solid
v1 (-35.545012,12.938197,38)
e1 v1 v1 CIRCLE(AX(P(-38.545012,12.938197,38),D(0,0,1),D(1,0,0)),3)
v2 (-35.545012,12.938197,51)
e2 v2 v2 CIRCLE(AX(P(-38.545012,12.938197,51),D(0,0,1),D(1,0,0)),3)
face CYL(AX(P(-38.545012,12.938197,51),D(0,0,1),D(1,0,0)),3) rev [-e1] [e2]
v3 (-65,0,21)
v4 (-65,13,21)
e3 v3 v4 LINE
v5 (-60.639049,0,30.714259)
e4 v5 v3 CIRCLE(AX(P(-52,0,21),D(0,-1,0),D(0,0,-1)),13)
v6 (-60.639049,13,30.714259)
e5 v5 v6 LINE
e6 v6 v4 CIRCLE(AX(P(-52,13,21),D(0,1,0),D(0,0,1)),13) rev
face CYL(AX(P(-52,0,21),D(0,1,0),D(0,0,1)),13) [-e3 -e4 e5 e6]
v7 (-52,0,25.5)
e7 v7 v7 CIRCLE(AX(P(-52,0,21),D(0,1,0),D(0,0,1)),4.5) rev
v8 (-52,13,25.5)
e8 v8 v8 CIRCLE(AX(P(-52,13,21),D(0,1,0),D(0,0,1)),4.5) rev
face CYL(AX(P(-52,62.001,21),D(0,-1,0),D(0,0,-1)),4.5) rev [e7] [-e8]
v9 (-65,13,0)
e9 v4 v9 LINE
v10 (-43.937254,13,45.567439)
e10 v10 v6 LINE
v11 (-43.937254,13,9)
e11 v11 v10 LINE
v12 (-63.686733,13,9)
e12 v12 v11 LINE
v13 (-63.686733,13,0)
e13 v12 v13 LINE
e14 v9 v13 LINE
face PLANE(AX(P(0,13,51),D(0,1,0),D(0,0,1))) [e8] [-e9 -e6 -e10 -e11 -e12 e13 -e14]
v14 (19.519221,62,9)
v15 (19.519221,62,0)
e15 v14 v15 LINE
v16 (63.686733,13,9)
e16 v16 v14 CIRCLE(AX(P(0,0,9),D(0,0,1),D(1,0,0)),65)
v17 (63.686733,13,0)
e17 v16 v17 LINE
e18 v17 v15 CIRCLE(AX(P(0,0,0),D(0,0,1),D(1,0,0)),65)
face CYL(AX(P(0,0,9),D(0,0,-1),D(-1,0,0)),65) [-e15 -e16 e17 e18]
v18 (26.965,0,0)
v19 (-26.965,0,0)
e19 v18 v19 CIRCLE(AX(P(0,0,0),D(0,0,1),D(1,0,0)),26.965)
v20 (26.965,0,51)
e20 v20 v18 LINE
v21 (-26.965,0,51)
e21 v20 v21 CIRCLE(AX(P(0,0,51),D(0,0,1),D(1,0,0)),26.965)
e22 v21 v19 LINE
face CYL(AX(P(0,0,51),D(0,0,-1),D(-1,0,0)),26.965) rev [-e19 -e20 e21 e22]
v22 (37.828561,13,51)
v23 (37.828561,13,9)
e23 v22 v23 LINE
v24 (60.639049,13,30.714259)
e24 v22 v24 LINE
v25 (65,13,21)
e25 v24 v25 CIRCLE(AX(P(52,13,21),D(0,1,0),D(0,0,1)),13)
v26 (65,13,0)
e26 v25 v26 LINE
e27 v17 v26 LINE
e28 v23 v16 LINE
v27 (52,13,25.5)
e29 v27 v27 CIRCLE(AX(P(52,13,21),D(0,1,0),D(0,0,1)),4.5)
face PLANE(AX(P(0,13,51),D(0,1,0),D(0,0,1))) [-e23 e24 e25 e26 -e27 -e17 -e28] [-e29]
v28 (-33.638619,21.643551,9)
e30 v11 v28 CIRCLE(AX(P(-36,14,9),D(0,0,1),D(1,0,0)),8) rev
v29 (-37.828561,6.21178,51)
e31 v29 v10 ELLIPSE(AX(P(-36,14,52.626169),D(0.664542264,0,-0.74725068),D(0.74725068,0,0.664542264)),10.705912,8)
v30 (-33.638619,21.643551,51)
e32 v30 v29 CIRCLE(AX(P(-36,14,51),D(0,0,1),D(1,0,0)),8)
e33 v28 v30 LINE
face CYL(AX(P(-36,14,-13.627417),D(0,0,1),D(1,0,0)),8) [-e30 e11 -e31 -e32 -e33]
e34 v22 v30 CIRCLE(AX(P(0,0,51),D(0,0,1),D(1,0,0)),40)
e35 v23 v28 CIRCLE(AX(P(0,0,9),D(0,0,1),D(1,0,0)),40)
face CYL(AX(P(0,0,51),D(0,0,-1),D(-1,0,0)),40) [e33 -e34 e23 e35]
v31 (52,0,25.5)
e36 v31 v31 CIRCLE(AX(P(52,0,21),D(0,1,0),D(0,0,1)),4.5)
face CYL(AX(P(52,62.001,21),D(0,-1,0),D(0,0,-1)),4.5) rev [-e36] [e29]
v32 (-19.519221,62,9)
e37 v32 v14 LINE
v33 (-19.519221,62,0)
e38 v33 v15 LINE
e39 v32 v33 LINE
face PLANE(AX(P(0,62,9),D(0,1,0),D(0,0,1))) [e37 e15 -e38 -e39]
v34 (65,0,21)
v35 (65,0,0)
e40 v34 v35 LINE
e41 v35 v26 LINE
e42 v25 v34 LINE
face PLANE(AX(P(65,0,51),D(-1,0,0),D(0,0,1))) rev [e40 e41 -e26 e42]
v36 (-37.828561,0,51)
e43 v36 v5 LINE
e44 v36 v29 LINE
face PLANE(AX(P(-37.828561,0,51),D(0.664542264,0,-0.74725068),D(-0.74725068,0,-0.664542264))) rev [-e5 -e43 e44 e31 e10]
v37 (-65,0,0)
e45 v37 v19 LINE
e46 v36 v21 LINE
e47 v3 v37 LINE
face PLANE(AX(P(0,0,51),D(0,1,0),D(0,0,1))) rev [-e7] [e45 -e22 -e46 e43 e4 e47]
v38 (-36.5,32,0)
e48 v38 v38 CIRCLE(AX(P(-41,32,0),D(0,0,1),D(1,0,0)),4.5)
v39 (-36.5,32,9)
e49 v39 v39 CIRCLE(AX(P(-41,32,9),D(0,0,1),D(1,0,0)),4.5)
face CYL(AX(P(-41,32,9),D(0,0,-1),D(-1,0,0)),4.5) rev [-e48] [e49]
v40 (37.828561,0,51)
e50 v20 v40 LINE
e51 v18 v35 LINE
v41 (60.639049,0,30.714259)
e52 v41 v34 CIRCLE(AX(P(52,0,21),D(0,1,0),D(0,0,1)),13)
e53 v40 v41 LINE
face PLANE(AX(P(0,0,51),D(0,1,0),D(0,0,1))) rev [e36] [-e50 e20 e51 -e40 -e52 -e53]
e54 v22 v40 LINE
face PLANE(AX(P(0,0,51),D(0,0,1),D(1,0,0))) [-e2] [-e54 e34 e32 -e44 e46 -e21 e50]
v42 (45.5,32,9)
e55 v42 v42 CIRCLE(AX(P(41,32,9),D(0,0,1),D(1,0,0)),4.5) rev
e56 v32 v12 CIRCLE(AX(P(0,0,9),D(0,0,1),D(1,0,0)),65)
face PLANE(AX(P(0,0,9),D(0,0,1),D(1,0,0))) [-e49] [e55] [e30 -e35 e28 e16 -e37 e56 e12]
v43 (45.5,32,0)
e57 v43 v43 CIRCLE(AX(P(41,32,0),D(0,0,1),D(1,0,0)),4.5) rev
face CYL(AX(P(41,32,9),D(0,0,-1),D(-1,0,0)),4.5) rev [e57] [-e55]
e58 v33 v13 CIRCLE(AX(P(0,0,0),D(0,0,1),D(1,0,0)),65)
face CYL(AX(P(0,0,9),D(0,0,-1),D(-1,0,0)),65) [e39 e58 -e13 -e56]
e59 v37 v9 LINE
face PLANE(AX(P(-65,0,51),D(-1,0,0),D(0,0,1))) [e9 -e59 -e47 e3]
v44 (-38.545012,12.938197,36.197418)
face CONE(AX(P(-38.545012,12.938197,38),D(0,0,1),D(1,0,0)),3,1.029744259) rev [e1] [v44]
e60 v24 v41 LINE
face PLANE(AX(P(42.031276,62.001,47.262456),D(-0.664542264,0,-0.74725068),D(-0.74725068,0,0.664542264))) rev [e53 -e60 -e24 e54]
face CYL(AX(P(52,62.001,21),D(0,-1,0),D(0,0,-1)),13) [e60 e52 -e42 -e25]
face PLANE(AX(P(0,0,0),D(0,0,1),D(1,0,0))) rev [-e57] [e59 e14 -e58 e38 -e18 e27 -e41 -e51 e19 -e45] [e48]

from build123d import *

# Parameters (mm, degrees)
BOSS_EXTRUDE1_DEPTH       = 51
BOSS_EXTRUDE3_DEPTH       = 51
SKETCH2_5_R               = 4.5
BOSS_EXTRUDE4_DEPTH       = 9
CUT_EXTRUDE2_REACH        = 105.296
SKETCH3_R                 = 4.5
CUT_EXTRUDE3_REACH        = 105.296
BOSS_EXTRUDE5_REACH       = 105.296
SKETCH4_R                 = 8
F_6_0MM_DOWEL_HOLE1_D     = 6
F_6_0MM_DOWEL_HOLE1_DEPTH = 13
F_6_0MM_DOWEL_HOLE1_TIP   = 1.802581857


with BuildPart() as part:
    # Sketch2 → Boss-Extrude1 (new body)
    with BuildSketch(Plane.XY):
        with BuildLine():
            ThreePointArc((40, 0), (39.453405592, 6.590052141), (37.828560639, 13))
            ThreePointArc((37.828560639, 13), (0, 40), (-37.828560639, 13))
            ThreePointArc((-37.828560639, 13), (-39.453405592, 6.590052141), (-40, 0))
            Line((-40, 0), (-26.965, 0))
            ThreePointArc((-26.965, 0), (0, 26.965), (26.965, 0))
            Line((26.965, 0), (40, 0))
        make_face()
    extrude(amount=BOSS_EXTRUDE1_DEPTH)

    # Sketch2<4> → Boss-Extrude3 (add)
    with BuildSketch(Plane.XY):
        with BuildLine():
            ThreePointArc((-40, 0), (-39.453405592, 6.590052141), (-37.828560639, 13))
            Line((-37.828560639, 13), (-63.686733312, 13))
            Line((-63.686733312, 13), (-65, 13))
            Line((-65, 13), (-65, 0))
            Line((-65, 0), (-40, 0))
        make_face()
        with BuildLine():
            Line((63.686733312, 13), (37.828560639, 13))
            ThreePointArc((37.828560639, 13), (39.453405592, 6.590052141), (40, 0))
            Line((40, 0), (65, 0))
            Line((65, 0), (65, 13))
            Line((65, 13), (63.686733312, 13))
        make_face()
    extrude(amount=BOSS_EXTRUDE3_DEPTH)

    # Sketch2<5> → Boss-Extrude4 (add)
    with BuildSketch(Plane.XY):
        with BuildLine():
            ThreePointArc((-37.828560639, 13), (0, 40), (37.828560639, 13))
            Line((37.828560639, 13), (63.686733312, 13))
            ThreePointArc((63.686733312, 13), (48.281028578, 43.519447141), (19.519221296, 62))
            Line((19.519221296, 62), (-19.519221296, 62))
            ThreePointArc((-19.519221296, 62), (-48.281028578, 43.519447141), (-63.686733312, 13))
            Line((-63.686733312, 13), (-37.828560639, 13))
        make_face()
        with Locations((-41, 32)):
            Circle(SKETCH2_5_R, mode=Mode.SUBTRACT)
        with Locations((41, 32)):
            Circle(SKETCH2_5_R, mode=Mode.SUBTRACT)
    extrude(amount=BOSS_EXTRUDE4_DEPTH)

    # Sketch3 → Cut-Extrude2 (cut, up to next)
    with BuildSketch(Plane(origin=(0, 0, 0), x_dir=(1, 0, 0), z_dir=(0, 1, 0)), mode=Mode.PRIVATE) as cut_extrude2_sk1:
        with BuildLine():
            Line((37.828560639, -51), (65, -51))
            Line((65, -51), (65, -21))
            ThreePointArc((65, -21), (63.859756378, -26.324112946), (60.639049437, -30.714258841))
            Line((60.639049437, -30.714258841), (37.828560639, -51))
        make_face()
    cut_extrude2_tool1 = extrude(cut_extrude2_sk1.sketch, amount=CUT_EXTRUDE2_REACH, mode=Mode.PRIVATE) & part.part
    # Sketch3 → Cut-Extrude2 (cut, up to next)
    with BuildSketch(Plane(origin=(0, 0, 0), x_dir=(1, 0, 0), z_dir=(0, 1, 0)), mode=Mode.PRIVATE) as cut_extrude2_sk2:
        with Locations(Location((52, -21, 0), (0, 0, 270))):
            Circle(SKETCH3_R)
    cut_extrude2_tool2 = extrude(cut_extrude2_sk2.sketch, amount=CUT_EXTRUDE2_REACH, mode=Mode.PRIVATE) & part.part
    # Sketch3 → Cut-Extrude2 (cut, up to next)
    with BuildSketch(Plane(origin=(0, 0, 0), x_dir=(1, 0, 0), z_dir=(0, 1, 0)), mode=Mode.PRIVATE) as cut_extrude2_sk3:
        with Locations(Location((-52, -21, 0), (0, 0, 270))):
            Circle(SKETCH3_R)
    cut_extrude2_tool3 = extrude(cut_extrude2_sk3.sketch, amount=CUT_EXTRUDE2_REACH, mode=Mode.PRIVATE) & part.part
    add(cut_extrude2_tool1.solids().sort_by_distance((56.054542, 0, 42.719243))[0], mode=Mode.SUBTRACT)
    add(cut_extrude2_tool2.solids().sort_by_distance((52, 0, 21))[0], mode=Mode.SUBTRACT)
    add(cut_extrude2_tool3.solids().sort_by_distance((-52, 0, 21))[0], mode=Mode.SUBTRACT)

    # Sketch3<4> → Cut-Extrude3 (cut, up to next)
    with BuildSketch(Plane(origin=(0, 0, 0), x_dir=(1, 0, 0), z_dir=(0, 1, 0)), mode=Mode.PRIVATE) as cut_extrude3_sk1:
        with BuildLine():
            Line((-65, -51), (-37.828560639, -51))
            Line((-37.828560639, -51), (-60.639049437, -30.714258841))
            ThreePointArc((-60.639049437, -30.714258841), (-63.859756378, -26.324112946), (-65, -21))
            Line((-65, -21), (-65, -51))
        make_face()
    cut_extrude3_tool1 = extrude(cut_extrude3_sk1.sketch, amount=CUT_EXTRUDE3_REACH, mode=Mode.PRIVATE) & part.part
    add(cut_extrude3_tool1.solids().sort_by_distance((-56.054542, 0, 42.719243))[0], mode=Mode.SUBTRACT)

    # Boss-Extrude5: up to this face of the body (flat: up to its plane)
    boss_extrude5_end = Plane(part.part.faces().sort_by_distance((-47.267324257, 42.605716574, 9))[0])
    # Sketch4 → Boss-Extrude5 (add, up to the picked face)
    with BuildSketch(Plane.XY.offset(51), mode=Mode.PRIVATE) as boss_extrude5_sk1:
        with Locations((-36, 14)):
            Circle(SKETCH4_R)
    boss_extrude5_tool1 = split(extrude(boss_extrude5_sk1.sketch, amount=-BOSS_EXTRUDE5_REACH, mode=Mode.PRIVATE), bisect_by=boss_extrude5_end, keep=Keep.BOTH, mode=Mode.PRIVATE)
    add(boss_extrude5_tool1.solids().sort_by(Axis((-36, 14, 51), (0, 0, -1)))[0])

    # Ø6.0mm Dowel Hole1
    with Locations(Plane(origin=(-38.545011934, 12.938196737, 51), x_dir=(1, 0, 0), z_dir=(0, 0, 1))):
        with Locations((0, 0)):
            Hole(F_6_0MM_DOWEL_HOLE1_D / 2, depth=F_6_0MM_DOWEL_HOLE1_DEPTH)
            with Locations((0, 0, -(F_6_0MM_DOWEL_HOLE1_DEPTH + F_6_0MM_DOWEL_HOLE1_TIP / 2))):  # 118° drill point
                Cone(0, F_6_0MM_DOWEL_HOLE1_D / 2, F_6_0MM_DOWEL_HOLE1_TIP, mode=Mode.SUBTRACT)


solid = part.part
